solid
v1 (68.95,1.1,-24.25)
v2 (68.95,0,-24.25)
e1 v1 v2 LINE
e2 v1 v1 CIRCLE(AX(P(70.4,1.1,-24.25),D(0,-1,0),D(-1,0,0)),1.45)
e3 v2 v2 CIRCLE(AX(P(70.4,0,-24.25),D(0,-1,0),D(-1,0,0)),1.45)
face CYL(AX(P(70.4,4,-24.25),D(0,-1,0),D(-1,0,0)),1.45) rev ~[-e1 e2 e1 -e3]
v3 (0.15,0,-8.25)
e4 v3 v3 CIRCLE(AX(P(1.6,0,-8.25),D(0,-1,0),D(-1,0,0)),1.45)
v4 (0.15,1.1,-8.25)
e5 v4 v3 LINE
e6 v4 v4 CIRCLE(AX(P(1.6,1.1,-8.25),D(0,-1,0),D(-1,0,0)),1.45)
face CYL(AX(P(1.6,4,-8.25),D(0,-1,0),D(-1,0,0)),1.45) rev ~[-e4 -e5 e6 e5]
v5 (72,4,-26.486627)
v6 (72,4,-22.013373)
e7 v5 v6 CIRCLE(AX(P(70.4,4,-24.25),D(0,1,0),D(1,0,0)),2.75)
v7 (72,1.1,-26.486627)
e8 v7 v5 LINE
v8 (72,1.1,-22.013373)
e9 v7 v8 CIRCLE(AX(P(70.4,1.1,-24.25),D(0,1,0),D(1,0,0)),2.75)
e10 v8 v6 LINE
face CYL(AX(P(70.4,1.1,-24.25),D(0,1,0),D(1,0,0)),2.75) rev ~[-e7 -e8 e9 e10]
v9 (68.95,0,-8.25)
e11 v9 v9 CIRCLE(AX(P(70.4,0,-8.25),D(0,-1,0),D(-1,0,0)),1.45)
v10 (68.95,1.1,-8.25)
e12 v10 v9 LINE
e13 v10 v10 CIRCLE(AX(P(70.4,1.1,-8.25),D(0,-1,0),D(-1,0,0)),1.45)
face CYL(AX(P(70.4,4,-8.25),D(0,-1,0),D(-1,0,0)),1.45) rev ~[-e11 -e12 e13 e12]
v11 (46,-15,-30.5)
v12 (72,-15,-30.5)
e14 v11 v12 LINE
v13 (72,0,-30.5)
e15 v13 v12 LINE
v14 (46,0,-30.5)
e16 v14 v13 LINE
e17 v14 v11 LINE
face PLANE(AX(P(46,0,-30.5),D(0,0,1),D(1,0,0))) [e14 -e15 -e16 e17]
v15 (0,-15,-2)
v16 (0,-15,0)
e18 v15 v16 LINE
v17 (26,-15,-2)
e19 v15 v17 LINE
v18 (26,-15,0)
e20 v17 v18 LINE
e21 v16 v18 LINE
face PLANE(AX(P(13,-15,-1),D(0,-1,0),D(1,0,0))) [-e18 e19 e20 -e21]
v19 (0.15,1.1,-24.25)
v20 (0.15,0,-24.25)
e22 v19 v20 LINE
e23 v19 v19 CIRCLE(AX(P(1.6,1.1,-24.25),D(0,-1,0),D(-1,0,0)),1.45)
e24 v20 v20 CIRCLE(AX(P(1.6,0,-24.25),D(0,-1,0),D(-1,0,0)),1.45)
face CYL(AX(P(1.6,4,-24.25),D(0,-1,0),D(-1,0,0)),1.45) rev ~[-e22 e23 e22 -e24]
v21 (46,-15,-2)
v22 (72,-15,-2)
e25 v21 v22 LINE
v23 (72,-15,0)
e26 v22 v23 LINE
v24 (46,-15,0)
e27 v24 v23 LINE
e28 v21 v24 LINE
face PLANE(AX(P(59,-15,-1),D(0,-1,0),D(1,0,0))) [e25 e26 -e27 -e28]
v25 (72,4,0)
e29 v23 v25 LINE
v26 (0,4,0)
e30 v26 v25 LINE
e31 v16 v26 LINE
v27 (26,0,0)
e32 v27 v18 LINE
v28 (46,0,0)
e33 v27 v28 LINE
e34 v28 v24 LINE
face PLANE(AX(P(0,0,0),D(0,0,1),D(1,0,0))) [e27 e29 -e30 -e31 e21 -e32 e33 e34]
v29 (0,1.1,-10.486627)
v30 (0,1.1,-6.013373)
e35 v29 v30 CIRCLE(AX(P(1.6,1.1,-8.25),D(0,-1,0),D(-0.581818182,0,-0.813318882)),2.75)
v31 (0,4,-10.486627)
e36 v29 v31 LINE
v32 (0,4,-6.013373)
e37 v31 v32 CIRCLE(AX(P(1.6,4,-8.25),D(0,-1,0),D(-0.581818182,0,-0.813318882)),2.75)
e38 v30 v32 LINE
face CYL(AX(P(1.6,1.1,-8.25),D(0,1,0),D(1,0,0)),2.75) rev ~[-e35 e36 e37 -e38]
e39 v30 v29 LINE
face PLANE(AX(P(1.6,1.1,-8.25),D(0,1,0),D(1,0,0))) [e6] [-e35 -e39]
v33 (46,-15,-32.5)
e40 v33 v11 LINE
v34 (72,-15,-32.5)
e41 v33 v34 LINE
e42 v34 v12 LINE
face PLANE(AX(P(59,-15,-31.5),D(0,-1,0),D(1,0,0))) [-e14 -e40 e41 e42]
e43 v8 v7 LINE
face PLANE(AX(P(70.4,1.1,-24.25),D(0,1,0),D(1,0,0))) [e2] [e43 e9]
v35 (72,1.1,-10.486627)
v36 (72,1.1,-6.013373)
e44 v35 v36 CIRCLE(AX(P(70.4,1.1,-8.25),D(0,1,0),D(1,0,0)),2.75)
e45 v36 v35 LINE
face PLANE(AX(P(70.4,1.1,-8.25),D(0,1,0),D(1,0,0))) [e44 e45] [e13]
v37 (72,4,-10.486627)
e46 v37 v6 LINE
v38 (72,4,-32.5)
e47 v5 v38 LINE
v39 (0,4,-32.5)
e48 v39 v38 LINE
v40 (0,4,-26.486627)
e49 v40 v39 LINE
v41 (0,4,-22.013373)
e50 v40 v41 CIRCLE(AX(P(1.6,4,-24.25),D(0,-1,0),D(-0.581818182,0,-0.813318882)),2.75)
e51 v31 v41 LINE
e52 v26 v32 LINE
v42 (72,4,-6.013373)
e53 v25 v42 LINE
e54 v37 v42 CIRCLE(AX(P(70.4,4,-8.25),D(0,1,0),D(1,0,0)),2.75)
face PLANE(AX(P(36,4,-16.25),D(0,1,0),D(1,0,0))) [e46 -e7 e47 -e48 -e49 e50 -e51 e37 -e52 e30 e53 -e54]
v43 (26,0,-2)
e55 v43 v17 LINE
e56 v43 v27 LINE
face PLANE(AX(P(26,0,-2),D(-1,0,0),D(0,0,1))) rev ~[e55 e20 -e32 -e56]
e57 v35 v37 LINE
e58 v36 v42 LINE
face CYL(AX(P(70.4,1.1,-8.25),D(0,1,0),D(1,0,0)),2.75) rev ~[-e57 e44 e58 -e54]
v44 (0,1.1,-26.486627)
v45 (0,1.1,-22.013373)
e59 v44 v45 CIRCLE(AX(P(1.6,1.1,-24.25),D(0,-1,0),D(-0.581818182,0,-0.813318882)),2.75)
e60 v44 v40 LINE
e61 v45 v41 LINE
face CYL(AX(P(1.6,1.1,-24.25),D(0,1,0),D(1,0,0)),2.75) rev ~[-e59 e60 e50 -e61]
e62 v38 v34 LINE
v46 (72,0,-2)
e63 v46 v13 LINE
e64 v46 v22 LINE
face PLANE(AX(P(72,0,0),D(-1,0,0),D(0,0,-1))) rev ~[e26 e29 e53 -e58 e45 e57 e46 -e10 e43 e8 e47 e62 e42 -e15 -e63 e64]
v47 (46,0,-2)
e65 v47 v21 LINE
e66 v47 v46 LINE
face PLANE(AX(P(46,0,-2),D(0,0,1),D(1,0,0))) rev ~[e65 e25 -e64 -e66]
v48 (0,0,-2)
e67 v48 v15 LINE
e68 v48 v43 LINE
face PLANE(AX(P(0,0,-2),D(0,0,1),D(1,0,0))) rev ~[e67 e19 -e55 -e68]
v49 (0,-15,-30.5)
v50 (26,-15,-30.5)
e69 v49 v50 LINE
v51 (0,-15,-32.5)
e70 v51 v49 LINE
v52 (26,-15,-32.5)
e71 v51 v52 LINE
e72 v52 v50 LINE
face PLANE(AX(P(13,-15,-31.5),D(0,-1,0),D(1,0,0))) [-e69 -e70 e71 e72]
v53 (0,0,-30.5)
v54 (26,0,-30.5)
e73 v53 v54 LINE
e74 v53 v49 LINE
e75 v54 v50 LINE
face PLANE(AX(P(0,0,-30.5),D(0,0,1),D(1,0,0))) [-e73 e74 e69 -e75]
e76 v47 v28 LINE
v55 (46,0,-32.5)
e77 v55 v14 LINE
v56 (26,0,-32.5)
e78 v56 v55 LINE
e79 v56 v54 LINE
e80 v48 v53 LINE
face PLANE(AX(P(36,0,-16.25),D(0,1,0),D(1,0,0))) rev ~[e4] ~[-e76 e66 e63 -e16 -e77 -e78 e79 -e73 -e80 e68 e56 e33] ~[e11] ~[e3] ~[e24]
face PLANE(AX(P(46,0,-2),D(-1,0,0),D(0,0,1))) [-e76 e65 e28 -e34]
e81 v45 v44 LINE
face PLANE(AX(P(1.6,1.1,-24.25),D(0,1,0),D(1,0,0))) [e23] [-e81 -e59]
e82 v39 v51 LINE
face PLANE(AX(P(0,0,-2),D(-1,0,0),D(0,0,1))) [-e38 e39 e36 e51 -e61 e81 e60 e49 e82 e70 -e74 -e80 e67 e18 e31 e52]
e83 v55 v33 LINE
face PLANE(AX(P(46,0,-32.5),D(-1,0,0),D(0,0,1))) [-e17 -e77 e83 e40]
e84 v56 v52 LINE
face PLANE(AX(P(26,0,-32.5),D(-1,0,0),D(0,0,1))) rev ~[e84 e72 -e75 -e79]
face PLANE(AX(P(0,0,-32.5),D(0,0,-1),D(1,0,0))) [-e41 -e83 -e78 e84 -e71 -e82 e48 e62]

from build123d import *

# Parameters (mm, degrees)
SKETCH1_W                                            = 72
SKETCH1_H                                            = 32.5
BOSS_EXTRUDE1_DEPTH                                  = 4
CBORE_FOR_M2_5_HEX_SOCKET_HEAD_CAP_SCREW_D           = 2.9
CBORE_FOR_M2_5_HEX_SOCKET_HEAD_CAP_SCREW_CBORE_D     = 5.5
CBORE_FOR_M2_5_HEX_SOCKET_HEAD_CAP_SCREW_CBORE_DEPTH = 2.9
SKETCH5_W                                            = 26
SKETCH5_H                                            = 2
BOSS_EXTRUDE2_DEPTH                                  = 15


with BuildPart() as part:
    # Sketch1 → Boss-Extrude1 (new body)
    with BuildSketch(Plane(origin=(0, 0, 0), x_dir=(1, 0, 0), z_dir=(0, 1, 0))):
        with Locations((36, 16.25)):
            Rectangle(SKETCH1_W, SKETCH1_H)
    extrude(amount=BOSS_EXTRUDE1_DEPTH)

    # CBORE for M2.5 Hex Socket Head Cap Screw1 (through all)
    with Locations(Plane(origin=(0, 4, 0), x_dir=(1, 0, 0), z_dir=(0, 1, 0))):
        with Locations((-10.4, 24.25), (1.6, 24.25), (1.6, 8.25), (-10.4, 8.25), (82.4, 8.25), (70.4, 8.25), (70.4, 24.25), (82.4, 24.25)):
            CounterBoreHole(CBORE_FOR_M2_5_HEX_SOCKET_HEAD_CAP_SCREW_D / 2, CBORE_FOR_M2_5_HEX_SOCKET_HEAD_CAP_SCREW_CBORE_D / 2, CBORE_FOR_M2_5_HEX_SOCKET_HEAD_CAP_SCREW_CBORE_DEPTH)

    # Sketch5 → Boss-Extrude2 (add)
    with BuildSketch(Plane.XZ):
        with Locations((13, -1)):
            Rectangle(SKETCH5_W, SKETCH5_H)
        with Locations((13, -31.5)):
            Rectangle(SKETCH5_W, SKETCH5_H)
        with Locations((59, -1)):
            Rectangle(SKETCH5_W, SKETCH5_H)
        with Locations((59, -31.5)):
            Rectangle(SKETCH5_W, SKETCH5_H)
    extrude(amount=BOSS_EXTRUDE2_DEPTH)


solid = part.part
